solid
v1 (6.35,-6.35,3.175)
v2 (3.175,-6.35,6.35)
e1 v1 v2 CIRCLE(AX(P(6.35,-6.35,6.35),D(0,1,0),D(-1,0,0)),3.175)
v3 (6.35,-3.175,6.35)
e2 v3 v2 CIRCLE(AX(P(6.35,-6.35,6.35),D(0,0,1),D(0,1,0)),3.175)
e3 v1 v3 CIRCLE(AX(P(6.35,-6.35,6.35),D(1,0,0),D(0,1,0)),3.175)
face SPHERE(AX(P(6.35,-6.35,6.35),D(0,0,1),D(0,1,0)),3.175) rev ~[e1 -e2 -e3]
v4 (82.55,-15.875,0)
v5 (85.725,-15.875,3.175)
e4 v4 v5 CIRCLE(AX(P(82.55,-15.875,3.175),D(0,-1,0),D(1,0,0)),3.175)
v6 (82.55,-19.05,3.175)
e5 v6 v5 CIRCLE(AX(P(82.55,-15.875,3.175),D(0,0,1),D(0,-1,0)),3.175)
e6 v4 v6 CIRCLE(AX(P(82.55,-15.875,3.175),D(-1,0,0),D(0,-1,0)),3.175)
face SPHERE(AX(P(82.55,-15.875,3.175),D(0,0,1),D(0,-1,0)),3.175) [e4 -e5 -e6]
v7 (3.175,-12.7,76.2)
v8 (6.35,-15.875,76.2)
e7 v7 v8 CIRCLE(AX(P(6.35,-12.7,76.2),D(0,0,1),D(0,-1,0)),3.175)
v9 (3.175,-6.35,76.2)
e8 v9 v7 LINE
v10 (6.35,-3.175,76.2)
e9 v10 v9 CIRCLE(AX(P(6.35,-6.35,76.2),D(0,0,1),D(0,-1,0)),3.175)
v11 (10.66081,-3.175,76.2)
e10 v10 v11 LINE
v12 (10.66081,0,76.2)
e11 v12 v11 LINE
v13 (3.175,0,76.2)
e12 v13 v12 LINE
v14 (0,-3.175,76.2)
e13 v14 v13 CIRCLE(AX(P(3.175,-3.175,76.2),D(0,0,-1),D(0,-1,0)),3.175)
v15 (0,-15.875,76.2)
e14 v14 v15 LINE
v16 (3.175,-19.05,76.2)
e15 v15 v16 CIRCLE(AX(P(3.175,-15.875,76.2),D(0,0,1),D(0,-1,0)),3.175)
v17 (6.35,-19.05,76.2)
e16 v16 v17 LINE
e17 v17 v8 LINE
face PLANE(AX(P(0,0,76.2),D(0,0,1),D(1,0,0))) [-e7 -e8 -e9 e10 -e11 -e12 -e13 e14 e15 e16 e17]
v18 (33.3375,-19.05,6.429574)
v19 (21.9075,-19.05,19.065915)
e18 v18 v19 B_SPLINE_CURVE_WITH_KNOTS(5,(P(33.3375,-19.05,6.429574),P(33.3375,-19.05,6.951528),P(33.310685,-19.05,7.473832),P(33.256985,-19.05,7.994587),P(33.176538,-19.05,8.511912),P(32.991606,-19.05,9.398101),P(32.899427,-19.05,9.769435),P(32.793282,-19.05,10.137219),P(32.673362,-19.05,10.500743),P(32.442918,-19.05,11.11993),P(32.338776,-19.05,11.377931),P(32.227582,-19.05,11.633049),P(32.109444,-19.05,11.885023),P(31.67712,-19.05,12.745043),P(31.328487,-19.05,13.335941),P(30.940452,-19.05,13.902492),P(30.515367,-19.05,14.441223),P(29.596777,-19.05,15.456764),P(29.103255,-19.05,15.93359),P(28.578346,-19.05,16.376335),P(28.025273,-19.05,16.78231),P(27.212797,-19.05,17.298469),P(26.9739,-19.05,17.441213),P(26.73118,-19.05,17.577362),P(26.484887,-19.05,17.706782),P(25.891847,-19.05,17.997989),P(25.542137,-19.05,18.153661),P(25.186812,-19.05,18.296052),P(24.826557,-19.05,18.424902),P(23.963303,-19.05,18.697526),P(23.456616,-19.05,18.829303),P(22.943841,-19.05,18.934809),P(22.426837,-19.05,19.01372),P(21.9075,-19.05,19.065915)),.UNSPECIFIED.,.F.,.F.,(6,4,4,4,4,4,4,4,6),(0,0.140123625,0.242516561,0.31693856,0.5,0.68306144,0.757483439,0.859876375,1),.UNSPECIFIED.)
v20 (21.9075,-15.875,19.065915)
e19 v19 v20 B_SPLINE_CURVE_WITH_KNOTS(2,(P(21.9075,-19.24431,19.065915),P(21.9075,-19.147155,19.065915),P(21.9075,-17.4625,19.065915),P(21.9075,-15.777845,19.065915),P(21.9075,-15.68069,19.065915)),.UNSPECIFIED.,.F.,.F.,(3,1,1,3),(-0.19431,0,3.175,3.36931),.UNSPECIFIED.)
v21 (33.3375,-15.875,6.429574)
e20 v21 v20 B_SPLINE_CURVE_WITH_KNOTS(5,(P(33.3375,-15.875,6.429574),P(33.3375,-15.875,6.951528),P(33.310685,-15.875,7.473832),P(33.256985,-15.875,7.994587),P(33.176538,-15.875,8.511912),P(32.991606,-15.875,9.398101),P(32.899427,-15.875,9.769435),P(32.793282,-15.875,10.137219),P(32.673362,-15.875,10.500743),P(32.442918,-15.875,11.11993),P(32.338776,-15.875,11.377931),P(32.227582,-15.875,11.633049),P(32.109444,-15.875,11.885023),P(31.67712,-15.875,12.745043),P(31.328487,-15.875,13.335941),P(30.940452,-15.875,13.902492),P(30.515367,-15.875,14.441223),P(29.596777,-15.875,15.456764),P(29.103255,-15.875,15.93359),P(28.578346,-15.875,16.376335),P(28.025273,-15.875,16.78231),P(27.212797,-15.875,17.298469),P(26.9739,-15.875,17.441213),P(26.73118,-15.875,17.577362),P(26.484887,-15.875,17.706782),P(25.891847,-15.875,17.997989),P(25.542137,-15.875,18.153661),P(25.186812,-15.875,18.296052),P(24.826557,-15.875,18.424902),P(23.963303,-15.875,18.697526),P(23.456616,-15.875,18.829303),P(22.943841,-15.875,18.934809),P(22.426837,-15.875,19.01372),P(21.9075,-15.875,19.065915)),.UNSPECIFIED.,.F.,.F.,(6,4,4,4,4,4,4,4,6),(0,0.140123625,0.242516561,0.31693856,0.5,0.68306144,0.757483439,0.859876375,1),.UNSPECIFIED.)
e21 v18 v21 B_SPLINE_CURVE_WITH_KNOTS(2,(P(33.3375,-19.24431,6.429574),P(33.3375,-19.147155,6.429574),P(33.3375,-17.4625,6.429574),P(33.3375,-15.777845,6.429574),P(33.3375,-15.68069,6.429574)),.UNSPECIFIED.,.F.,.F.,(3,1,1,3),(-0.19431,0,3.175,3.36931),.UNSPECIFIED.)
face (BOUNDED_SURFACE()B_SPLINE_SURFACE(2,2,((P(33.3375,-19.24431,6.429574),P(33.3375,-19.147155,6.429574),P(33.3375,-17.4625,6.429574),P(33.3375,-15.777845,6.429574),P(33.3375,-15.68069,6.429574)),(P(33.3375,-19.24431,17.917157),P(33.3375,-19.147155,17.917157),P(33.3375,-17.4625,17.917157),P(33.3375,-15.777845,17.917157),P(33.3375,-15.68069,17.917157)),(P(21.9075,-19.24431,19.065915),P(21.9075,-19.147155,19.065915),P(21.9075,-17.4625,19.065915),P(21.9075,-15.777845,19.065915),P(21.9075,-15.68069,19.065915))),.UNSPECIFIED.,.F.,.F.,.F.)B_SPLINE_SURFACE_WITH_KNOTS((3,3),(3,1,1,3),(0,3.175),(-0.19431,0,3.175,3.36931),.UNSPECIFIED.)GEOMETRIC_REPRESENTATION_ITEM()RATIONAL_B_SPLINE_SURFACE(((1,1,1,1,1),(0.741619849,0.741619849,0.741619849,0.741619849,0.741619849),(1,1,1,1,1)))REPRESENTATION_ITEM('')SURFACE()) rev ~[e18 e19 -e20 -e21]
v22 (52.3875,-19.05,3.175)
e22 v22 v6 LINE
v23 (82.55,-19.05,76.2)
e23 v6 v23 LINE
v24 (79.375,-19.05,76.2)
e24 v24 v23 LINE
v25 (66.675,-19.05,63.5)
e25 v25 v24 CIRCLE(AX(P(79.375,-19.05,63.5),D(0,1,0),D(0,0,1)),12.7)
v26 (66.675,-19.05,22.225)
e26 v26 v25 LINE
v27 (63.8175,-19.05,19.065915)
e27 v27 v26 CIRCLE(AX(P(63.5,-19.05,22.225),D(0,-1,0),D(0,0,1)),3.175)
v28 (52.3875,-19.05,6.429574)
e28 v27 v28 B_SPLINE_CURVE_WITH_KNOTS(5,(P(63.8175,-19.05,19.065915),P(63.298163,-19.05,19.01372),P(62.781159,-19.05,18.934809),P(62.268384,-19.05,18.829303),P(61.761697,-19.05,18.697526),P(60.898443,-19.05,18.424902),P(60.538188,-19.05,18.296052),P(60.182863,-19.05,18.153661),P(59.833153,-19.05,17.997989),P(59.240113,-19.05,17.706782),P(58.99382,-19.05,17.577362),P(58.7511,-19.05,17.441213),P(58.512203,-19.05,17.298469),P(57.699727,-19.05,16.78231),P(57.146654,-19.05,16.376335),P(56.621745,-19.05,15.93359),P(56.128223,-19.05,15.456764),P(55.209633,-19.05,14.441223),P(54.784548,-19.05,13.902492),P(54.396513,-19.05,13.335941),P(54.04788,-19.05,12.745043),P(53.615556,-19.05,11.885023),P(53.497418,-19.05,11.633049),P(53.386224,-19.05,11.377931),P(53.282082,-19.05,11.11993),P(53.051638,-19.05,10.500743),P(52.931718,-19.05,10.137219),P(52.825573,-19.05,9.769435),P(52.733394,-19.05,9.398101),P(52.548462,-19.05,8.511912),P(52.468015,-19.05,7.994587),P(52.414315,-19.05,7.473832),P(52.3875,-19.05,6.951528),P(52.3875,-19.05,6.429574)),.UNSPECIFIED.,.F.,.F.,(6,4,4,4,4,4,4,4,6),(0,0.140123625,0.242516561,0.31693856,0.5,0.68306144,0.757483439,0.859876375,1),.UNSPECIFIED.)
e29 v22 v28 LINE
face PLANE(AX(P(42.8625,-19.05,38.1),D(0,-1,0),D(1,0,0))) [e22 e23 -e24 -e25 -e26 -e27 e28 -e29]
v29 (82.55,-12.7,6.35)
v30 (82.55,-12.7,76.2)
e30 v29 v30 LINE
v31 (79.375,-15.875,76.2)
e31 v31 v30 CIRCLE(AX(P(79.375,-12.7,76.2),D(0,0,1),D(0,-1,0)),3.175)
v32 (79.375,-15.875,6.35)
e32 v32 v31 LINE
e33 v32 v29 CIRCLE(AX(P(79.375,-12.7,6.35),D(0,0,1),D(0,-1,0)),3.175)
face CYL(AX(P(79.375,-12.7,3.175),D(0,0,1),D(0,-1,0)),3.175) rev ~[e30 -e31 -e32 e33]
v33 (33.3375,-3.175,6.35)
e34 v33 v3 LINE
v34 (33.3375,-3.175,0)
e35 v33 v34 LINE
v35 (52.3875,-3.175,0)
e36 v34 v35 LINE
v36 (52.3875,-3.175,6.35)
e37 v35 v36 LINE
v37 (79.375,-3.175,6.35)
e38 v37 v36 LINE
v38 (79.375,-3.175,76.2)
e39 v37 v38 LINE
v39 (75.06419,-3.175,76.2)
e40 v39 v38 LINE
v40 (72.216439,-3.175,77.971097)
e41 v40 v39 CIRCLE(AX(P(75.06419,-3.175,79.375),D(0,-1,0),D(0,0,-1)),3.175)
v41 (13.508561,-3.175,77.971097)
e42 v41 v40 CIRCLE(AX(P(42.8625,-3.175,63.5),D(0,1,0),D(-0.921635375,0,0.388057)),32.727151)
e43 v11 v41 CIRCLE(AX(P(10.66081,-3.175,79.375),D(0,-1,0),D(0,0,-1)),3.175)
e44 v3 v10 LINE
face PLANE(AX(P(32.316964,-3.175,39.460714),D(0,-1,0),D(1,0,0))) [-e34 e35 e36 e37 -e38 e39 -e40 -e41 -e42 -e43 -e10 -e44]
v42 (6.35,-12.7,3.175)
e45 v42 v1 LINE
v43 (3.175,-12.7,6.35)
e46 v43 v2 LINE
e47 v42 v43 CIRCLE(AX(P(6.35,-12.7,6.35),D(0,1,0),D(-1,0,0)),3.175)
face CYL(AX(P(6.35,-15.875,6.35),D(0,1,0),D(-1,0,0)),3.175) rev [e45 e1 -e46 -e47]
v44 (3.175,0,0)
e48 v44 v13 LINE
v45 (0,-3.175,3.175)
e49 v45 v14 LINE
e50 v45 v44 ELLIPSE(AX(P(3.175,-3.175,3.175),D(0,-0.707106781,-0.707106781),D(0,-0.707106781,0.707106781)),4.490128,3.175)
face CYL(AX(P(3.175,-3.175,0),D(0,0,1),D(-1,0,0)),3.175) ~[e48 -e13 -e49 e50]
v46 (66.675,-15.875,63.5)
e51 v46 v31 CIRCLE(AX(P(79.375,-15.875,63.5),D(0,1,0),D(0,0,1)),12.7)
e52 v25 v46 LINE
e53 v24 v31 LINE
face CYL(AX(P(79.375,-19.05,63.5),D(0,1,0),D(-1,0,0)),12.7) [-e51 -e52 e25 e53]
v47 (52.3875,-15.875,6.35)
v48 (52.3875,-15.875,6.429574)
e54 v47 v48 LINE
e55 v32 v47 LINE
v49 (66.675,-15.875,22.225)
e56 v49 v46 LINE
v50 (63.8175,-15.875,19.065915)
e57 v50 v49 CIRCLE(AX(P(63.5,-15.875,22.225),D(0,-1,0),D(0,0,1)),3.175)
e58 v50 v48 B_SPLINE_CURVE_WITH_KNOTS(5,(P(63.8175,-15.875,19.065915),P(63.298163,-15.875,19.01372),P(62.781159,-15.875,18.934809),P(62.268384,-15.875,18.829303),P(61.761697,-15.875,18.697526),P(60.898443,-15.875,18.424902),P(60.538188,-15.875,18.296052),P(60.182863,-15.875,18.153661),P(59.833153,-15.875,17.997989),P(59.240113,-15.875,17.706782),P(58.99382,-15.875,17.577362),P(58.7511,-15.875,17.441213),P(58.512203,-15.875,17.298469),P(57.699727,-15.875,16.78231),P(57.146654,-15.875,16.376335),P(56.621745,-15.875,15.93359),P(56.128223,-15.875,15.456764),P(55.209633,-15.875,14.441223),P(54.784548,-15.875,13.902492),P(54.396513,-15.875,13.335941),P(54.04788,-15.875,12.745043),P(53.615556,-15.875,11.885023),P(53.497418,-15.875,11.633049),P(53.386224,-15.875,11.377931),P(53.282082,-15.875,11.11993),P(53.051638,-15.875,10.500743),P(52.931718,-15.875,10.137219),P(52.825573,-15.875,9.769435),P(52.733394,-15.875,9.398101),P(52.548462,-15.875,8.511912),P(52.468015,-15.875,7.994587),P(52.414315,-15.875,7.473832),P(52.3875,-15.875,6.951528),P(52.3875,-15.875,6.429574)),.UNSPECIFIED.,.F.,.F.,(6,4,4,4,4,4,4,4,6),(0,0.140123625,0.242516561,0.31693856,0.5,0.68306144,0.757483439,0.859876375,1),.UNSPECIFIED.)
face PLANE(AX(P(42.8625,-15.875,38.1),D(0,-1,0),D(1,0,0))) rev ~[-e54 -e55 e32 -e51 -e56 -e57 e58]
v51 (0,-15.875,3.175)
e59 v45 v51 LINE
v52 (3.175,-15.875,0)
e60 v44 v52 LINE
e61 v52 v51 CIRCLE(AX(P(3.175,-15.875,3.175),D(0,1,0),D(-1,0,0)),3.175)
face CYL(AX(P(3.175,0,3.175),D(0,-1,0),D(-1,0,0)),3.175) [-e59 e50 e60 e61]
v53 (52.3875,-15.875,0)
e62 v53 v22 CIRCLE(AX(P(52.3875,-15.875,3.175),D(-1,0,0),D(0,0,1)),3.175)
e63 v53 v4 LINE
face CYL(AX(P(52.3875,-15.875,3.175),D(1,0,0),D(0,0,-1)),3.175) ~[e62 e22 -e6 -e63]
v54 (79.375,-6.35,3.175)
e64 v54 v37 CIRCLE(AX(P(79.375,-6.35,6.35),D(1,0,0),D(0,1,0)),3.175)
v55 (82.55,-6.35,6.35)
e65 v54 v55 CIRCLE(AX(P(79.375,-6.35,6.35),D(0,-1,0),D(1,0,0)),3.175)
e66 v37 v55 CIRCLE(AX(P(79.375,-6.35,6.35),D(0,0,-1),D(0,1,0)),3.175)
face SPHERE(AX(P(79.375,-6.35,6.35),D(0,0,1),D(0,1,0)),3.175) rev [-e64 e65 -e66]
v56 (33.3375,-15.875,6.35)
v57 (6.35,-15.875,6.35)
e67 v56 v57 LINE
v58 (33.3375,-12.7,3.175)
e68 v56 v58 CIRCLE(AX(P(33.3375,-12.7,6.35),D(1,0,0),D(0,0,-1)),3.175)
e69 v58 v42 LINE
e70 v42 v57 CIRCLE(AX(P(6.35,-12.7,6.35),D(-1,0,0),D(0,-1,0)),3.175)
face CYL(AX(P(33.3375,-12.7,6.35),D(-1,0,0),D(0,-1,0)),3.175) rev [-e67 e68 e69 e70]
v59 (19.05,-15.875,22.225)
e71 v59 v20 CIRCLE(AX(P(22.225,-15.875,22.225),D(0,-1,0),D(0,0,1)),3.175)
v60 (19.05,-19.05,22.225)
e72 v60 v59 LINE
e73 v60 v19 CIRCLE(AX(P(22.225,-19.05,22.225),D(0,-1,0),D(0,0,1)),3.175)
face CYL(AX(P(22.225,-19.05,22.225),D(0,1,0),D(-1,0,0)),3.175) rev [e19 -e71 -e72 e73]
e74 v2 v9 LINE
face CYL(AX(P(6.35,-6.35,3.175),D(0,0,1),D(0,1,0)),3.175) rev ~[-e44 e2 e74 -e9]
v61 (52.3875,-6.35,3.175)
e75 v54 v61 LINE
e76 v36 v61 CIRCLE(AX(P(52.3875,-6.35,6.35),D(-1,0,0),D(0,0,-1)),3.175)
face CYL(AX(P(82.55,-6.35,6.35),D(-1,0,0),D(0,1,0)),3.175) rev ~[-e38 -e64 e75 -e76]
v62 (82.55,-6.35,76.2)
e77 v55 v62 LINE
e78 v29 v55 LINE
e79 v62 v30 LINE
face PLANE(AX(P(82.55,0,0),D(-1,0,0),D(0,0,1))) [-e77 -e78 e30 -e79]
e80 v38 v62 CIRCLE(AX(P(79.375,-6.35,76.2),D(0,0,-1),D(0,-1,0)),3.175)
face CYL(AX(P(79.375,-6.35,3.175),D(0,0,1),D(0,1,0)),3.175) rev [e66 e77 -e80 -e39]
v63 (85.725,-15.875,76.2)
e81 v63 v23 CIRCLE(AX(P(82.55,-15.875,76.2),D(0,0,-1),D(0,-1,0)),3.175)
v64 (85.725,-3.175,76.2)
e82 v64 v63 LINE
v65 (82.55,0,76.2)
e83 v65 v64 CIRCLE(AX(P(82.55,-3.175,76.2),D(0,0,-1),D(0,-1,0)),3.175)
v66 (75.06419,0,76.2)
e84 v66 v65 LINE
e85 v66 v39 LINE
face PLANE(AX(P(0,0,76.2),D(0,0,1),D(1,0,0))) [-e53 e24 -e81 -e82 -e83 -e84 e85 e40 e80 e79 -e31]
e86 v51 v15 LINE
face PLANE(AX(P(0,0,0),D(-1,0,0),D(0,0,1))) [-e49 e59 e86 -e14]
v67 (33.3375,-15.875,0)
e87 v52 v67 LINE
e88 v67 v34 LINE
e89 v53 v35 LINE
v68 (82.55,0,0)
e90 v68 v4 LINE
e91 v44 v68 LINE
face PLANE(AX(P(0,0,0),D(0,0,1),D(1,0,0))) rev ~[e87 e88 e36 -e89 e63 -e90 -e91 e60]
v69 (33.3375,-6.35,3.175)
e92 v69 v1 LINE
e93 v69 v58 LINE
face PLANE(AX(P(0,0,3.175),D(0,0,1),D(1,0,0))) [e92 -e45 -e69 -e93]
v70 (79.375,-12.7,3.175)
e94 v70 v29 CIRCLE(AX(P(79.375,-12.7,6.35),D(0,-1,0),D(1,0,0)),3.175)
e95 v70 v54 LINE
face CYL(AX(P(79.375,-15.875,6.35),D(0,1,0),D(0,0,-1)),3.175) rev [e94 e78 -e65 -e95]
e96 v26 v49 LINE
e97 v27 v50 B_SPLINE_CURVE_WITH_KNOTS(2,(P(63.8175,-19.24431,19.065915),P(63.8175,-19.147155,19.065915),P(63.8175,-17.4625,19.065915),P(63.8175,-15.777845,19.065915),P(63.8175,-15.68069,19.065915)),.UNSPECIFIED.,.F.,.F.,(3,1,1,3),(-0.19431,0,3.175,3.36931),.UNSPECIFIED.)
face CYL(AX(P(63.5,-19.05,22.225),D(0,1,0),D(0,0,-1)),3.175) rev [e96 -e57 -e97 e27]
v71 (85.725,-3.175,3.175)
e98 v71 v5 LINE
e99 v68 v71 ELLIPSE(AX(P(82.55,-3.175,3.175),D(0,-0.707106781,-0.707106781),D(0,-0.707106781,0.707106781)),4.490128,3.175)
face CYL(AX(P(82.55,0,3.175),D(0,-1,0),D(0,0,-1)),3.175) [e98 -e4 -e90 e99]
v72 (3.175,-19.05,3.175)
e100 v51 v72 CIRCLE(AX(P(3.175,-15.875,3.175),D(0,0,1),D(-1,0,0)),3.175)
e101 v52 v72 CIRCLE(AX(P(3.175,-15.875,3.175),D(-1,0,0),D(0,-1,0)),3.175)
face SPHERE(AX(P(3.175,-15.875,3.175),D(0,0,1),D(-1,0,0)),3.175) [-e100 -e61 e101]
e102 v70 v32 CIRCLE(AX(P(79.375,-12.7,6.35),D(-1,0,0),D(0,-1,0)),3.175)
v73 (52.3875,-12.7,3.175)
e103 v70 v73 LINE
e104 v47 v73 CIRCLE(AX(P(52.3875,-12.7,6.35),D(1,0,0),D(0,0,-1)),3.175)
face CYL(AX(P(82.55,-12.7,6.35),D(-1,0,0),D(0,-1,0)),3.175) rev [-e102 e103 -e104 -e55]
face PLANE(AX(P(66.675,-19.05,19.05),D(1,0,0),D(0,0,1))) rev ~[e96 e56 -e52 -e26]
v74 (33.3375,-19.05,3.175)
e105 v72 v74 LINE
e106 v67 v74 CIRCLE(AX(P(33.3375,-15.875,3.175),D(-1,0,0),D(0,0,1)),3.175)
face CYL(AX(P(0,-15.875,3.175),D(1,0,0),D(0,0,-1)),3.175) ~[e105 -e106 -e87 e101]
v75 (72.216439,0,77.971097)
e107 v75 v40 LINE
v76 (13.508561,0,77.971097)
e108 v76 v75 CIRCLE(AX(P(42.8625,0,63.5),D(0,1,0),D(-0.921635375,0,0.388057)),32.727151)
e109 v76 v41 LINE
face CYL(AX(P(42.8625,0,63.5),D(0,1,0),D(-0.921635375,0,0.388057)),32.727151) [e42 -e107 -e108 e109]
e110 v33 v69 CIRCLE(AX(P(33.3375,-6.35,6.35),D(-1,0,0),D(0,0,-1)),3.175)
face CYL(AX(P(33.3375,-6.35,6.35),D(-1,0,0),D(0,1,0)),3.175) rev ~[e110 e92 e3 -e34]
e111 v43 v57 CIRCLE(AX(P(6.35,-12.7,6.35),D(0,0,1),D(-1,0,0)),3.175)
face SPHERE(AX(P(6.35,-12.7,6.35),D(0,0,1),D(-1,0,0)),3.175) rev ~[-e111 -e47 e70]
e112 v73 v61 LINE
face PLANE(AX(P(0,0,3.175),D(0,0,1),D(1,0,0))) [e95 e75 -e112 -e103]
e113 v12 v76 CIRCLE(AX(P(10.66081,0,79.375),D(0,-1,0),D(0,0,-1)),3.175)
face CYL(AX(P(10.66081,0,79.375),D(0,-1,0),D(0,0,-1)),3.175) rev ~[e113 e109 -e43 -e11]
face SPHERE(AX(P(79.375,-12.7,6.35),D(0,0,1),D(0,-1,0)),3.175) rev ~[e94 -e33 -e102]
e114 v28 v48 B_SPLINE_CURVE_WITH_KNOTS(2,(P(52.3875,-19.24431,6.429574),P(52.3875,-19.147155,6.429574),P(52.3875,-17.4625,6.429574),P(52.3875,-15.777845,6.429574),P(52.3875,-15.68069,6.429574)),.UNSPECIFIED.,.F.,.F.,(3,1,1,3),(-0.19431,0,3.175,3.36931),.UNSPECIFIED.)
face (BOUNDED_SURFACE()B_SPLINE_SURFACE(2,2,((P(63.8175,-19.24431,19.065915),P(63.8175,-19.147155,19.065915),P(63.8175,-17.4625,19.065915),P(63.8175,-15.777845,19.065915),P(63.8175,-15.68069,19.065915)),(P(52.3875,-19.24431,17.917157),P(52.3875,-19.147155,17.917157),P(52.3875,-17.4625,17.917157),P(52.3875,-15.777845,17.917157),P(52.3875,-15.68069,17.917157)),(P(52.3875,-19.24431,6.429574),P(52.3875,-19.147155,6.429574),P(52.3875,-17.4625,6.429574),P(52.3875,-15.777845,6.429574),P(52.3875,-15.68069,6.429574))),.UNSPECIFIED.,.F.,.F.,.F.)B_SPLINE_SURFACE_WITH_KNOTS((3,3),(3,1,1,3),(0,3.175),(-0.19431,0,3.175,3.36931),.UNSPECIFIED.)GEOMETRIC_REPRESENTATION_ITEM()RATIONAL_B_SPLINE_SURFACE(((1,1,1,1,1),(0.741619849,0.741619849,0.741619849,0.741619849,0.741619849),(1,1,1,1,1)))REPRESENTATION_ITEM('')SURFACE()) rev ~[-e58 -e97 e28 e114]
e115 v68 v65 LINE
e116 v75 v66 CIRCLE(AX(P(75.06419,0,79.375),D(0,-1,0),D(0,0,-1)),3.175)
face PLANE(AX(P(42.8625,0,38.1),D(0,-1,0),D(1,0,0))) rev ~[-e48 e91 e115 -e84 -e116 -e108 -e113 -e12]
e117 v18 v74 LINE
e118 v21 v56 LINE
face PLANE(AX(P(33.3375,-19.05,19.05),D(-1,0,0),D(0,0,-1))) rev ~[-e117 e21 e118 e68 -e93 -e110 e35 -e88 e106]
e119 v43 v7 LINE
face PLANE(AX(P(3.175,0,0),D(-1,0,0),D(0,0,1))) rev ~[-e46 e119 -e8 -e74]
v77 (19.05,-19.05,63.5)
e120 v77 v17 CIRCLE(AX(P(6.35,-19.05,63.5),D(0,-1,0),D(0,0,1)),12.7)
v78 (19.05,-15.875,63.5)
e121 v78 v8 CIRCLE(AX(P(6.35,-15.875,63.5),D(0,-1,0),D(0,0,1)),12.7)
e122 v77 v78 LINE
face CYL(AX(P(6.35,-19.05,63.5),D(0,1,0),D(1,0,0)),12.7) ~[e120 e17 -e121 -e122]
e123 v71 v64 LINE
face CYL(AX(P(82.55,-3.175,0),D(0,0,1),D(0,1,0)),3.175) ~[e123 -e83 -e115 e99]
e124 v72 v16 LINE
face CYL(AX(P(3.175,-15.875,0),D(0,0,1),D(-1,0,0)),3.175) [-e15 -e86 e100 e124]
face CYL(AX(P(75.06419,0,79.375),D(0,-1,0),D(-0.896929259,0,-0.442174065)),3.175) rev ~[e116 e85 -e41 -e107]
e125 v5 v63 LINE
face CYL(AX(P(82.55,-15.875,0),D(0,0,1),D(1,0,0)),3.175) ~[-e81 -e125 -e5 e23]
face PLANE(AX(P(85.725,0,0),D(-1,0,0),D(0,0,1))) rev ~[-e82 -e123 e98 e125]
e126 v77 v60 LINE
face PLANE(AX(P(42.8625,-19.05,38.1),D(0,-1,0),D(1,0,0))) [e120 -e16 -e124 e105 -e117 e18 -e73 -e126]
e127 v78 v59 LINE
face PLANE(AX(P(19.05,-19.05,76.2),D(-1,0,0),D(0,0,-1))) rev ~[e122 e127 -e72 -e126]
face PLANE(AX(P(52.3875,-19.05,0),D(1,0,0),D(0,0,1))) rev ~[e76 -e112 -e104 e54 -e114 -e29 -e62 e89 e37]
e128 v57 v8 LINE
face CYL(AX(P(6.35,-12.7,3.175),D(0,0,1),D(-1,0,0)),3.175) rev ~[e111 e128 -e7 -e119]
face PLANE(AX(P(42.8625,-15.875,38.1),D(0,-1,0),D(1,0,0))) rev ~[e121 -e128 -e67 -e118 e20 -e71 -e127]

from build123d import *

# Parameters (mm, degrees)
F0_W     = 85.725
F0_H     = 76.2
F1_DEPTH = 19.05
F2_T     = -3.175
F4_DEPTH = 15.875
F6_DEPTH = 3.175
F7_R     = 3.175
F8_R     = 12.7


with BuildPart() as f1:
    # F0 (on Front) → F1 (new body)
    with BuildSketch(Plane.XZ):
        with Locations((42.8625, 38.1)):
            Rectangle(F0_W, F0_H)
    extrude(amount=F1_DEPTH)

    # F2
    f2_openings = [f1.faces().sort_by_distance(p)[0] for p in [
        (42.8625, -9.525, 76.2),
    ]]
    offset(amount=F2_T, openings=f2_openings)

    # F3 (on face) → F4 (cut, through all)
    with BuildSketch(Plane.XZ.offset(19.05)):
        Polygon((42.8625, 76.2), (19.05, 76.2), (19.05, 19.05), (33.3375, 19.05), (33.3375, 0), (42.8625, 0), align=None)
        Polygon((66.675, 76.2), (42.8625, 76.2), (42.8625, 0), (52.3875, 0), (52.3875, 19.05), (66.675, 19.05), align=None)
    extrude(amount=-F4_DEPTH, mode=Mode.SUBTRACT)

    # F5 (on face) → F6 (join, through all)
    with BuildSketch(Plane(origin=(0, 0, 0), x_dir=(-1, 0, 0), z_dir=(0, 1, 0))):
        with BuildLine():
            Line((-73.025, 76.2), (-12.7, 76.2))
            ThreePointArc((-12.7, 76.2), (-42.8625, 96.2271509033), (-73.025, 76.2))
        make_face()
    extrude(amount=-F6_DEPTH)

    # F7
    f7_edges = [f1.edges().sort_by_distance(p)[0] for p in [
        (3.175, -3.175, 39.6875),
        (3.175, -15.875, 39.6875),
        (12.7, -1.5875, 76.2),
        (73.025, -1.5875, 76.2),
        (82.55, -3.175, 39.6875),
        (82.55, -15.875, 39.6875),
        (66.675, -17.4625, 19.05),
        (19.05, -17.4625, 19.05),
        (18.25625, -3.175, 3.175),
        (3.175, -9.525, 3.175),
        (18.25625, -15.875, 3.175),
        (67.46875, -3.175, 3.175),
        (67.46875, -15.875, 3.175),
        (82.55, -9.525, 3.175),
        (85.725, -19.05, 38.1),
        (85.725, 0, 38.1),
        (0, 0, 38.1),
        (0, -19.05, 38.1),
        (0, -9.525, 0),
        (69.05625, -19.05, 0),
        (16.66875, -19.05, 0),
        (85.725, -9.525, 0),
    ]]
    fillet(f7_edges, radius=F7_R)

    # F8
    f8_edges = [f1.edges().sort_by_distance(p)[0] for p in [
        (19.05, -17.4625, 76.2),
        (66.675, -17.4625, 76.2),
        (52.3875, -17.4625, 19.05),
        (33.3375, -17.4625, 19.05),
    ]]
    fillet(f8_edges, radius=F8_R)


solid = f1.part
